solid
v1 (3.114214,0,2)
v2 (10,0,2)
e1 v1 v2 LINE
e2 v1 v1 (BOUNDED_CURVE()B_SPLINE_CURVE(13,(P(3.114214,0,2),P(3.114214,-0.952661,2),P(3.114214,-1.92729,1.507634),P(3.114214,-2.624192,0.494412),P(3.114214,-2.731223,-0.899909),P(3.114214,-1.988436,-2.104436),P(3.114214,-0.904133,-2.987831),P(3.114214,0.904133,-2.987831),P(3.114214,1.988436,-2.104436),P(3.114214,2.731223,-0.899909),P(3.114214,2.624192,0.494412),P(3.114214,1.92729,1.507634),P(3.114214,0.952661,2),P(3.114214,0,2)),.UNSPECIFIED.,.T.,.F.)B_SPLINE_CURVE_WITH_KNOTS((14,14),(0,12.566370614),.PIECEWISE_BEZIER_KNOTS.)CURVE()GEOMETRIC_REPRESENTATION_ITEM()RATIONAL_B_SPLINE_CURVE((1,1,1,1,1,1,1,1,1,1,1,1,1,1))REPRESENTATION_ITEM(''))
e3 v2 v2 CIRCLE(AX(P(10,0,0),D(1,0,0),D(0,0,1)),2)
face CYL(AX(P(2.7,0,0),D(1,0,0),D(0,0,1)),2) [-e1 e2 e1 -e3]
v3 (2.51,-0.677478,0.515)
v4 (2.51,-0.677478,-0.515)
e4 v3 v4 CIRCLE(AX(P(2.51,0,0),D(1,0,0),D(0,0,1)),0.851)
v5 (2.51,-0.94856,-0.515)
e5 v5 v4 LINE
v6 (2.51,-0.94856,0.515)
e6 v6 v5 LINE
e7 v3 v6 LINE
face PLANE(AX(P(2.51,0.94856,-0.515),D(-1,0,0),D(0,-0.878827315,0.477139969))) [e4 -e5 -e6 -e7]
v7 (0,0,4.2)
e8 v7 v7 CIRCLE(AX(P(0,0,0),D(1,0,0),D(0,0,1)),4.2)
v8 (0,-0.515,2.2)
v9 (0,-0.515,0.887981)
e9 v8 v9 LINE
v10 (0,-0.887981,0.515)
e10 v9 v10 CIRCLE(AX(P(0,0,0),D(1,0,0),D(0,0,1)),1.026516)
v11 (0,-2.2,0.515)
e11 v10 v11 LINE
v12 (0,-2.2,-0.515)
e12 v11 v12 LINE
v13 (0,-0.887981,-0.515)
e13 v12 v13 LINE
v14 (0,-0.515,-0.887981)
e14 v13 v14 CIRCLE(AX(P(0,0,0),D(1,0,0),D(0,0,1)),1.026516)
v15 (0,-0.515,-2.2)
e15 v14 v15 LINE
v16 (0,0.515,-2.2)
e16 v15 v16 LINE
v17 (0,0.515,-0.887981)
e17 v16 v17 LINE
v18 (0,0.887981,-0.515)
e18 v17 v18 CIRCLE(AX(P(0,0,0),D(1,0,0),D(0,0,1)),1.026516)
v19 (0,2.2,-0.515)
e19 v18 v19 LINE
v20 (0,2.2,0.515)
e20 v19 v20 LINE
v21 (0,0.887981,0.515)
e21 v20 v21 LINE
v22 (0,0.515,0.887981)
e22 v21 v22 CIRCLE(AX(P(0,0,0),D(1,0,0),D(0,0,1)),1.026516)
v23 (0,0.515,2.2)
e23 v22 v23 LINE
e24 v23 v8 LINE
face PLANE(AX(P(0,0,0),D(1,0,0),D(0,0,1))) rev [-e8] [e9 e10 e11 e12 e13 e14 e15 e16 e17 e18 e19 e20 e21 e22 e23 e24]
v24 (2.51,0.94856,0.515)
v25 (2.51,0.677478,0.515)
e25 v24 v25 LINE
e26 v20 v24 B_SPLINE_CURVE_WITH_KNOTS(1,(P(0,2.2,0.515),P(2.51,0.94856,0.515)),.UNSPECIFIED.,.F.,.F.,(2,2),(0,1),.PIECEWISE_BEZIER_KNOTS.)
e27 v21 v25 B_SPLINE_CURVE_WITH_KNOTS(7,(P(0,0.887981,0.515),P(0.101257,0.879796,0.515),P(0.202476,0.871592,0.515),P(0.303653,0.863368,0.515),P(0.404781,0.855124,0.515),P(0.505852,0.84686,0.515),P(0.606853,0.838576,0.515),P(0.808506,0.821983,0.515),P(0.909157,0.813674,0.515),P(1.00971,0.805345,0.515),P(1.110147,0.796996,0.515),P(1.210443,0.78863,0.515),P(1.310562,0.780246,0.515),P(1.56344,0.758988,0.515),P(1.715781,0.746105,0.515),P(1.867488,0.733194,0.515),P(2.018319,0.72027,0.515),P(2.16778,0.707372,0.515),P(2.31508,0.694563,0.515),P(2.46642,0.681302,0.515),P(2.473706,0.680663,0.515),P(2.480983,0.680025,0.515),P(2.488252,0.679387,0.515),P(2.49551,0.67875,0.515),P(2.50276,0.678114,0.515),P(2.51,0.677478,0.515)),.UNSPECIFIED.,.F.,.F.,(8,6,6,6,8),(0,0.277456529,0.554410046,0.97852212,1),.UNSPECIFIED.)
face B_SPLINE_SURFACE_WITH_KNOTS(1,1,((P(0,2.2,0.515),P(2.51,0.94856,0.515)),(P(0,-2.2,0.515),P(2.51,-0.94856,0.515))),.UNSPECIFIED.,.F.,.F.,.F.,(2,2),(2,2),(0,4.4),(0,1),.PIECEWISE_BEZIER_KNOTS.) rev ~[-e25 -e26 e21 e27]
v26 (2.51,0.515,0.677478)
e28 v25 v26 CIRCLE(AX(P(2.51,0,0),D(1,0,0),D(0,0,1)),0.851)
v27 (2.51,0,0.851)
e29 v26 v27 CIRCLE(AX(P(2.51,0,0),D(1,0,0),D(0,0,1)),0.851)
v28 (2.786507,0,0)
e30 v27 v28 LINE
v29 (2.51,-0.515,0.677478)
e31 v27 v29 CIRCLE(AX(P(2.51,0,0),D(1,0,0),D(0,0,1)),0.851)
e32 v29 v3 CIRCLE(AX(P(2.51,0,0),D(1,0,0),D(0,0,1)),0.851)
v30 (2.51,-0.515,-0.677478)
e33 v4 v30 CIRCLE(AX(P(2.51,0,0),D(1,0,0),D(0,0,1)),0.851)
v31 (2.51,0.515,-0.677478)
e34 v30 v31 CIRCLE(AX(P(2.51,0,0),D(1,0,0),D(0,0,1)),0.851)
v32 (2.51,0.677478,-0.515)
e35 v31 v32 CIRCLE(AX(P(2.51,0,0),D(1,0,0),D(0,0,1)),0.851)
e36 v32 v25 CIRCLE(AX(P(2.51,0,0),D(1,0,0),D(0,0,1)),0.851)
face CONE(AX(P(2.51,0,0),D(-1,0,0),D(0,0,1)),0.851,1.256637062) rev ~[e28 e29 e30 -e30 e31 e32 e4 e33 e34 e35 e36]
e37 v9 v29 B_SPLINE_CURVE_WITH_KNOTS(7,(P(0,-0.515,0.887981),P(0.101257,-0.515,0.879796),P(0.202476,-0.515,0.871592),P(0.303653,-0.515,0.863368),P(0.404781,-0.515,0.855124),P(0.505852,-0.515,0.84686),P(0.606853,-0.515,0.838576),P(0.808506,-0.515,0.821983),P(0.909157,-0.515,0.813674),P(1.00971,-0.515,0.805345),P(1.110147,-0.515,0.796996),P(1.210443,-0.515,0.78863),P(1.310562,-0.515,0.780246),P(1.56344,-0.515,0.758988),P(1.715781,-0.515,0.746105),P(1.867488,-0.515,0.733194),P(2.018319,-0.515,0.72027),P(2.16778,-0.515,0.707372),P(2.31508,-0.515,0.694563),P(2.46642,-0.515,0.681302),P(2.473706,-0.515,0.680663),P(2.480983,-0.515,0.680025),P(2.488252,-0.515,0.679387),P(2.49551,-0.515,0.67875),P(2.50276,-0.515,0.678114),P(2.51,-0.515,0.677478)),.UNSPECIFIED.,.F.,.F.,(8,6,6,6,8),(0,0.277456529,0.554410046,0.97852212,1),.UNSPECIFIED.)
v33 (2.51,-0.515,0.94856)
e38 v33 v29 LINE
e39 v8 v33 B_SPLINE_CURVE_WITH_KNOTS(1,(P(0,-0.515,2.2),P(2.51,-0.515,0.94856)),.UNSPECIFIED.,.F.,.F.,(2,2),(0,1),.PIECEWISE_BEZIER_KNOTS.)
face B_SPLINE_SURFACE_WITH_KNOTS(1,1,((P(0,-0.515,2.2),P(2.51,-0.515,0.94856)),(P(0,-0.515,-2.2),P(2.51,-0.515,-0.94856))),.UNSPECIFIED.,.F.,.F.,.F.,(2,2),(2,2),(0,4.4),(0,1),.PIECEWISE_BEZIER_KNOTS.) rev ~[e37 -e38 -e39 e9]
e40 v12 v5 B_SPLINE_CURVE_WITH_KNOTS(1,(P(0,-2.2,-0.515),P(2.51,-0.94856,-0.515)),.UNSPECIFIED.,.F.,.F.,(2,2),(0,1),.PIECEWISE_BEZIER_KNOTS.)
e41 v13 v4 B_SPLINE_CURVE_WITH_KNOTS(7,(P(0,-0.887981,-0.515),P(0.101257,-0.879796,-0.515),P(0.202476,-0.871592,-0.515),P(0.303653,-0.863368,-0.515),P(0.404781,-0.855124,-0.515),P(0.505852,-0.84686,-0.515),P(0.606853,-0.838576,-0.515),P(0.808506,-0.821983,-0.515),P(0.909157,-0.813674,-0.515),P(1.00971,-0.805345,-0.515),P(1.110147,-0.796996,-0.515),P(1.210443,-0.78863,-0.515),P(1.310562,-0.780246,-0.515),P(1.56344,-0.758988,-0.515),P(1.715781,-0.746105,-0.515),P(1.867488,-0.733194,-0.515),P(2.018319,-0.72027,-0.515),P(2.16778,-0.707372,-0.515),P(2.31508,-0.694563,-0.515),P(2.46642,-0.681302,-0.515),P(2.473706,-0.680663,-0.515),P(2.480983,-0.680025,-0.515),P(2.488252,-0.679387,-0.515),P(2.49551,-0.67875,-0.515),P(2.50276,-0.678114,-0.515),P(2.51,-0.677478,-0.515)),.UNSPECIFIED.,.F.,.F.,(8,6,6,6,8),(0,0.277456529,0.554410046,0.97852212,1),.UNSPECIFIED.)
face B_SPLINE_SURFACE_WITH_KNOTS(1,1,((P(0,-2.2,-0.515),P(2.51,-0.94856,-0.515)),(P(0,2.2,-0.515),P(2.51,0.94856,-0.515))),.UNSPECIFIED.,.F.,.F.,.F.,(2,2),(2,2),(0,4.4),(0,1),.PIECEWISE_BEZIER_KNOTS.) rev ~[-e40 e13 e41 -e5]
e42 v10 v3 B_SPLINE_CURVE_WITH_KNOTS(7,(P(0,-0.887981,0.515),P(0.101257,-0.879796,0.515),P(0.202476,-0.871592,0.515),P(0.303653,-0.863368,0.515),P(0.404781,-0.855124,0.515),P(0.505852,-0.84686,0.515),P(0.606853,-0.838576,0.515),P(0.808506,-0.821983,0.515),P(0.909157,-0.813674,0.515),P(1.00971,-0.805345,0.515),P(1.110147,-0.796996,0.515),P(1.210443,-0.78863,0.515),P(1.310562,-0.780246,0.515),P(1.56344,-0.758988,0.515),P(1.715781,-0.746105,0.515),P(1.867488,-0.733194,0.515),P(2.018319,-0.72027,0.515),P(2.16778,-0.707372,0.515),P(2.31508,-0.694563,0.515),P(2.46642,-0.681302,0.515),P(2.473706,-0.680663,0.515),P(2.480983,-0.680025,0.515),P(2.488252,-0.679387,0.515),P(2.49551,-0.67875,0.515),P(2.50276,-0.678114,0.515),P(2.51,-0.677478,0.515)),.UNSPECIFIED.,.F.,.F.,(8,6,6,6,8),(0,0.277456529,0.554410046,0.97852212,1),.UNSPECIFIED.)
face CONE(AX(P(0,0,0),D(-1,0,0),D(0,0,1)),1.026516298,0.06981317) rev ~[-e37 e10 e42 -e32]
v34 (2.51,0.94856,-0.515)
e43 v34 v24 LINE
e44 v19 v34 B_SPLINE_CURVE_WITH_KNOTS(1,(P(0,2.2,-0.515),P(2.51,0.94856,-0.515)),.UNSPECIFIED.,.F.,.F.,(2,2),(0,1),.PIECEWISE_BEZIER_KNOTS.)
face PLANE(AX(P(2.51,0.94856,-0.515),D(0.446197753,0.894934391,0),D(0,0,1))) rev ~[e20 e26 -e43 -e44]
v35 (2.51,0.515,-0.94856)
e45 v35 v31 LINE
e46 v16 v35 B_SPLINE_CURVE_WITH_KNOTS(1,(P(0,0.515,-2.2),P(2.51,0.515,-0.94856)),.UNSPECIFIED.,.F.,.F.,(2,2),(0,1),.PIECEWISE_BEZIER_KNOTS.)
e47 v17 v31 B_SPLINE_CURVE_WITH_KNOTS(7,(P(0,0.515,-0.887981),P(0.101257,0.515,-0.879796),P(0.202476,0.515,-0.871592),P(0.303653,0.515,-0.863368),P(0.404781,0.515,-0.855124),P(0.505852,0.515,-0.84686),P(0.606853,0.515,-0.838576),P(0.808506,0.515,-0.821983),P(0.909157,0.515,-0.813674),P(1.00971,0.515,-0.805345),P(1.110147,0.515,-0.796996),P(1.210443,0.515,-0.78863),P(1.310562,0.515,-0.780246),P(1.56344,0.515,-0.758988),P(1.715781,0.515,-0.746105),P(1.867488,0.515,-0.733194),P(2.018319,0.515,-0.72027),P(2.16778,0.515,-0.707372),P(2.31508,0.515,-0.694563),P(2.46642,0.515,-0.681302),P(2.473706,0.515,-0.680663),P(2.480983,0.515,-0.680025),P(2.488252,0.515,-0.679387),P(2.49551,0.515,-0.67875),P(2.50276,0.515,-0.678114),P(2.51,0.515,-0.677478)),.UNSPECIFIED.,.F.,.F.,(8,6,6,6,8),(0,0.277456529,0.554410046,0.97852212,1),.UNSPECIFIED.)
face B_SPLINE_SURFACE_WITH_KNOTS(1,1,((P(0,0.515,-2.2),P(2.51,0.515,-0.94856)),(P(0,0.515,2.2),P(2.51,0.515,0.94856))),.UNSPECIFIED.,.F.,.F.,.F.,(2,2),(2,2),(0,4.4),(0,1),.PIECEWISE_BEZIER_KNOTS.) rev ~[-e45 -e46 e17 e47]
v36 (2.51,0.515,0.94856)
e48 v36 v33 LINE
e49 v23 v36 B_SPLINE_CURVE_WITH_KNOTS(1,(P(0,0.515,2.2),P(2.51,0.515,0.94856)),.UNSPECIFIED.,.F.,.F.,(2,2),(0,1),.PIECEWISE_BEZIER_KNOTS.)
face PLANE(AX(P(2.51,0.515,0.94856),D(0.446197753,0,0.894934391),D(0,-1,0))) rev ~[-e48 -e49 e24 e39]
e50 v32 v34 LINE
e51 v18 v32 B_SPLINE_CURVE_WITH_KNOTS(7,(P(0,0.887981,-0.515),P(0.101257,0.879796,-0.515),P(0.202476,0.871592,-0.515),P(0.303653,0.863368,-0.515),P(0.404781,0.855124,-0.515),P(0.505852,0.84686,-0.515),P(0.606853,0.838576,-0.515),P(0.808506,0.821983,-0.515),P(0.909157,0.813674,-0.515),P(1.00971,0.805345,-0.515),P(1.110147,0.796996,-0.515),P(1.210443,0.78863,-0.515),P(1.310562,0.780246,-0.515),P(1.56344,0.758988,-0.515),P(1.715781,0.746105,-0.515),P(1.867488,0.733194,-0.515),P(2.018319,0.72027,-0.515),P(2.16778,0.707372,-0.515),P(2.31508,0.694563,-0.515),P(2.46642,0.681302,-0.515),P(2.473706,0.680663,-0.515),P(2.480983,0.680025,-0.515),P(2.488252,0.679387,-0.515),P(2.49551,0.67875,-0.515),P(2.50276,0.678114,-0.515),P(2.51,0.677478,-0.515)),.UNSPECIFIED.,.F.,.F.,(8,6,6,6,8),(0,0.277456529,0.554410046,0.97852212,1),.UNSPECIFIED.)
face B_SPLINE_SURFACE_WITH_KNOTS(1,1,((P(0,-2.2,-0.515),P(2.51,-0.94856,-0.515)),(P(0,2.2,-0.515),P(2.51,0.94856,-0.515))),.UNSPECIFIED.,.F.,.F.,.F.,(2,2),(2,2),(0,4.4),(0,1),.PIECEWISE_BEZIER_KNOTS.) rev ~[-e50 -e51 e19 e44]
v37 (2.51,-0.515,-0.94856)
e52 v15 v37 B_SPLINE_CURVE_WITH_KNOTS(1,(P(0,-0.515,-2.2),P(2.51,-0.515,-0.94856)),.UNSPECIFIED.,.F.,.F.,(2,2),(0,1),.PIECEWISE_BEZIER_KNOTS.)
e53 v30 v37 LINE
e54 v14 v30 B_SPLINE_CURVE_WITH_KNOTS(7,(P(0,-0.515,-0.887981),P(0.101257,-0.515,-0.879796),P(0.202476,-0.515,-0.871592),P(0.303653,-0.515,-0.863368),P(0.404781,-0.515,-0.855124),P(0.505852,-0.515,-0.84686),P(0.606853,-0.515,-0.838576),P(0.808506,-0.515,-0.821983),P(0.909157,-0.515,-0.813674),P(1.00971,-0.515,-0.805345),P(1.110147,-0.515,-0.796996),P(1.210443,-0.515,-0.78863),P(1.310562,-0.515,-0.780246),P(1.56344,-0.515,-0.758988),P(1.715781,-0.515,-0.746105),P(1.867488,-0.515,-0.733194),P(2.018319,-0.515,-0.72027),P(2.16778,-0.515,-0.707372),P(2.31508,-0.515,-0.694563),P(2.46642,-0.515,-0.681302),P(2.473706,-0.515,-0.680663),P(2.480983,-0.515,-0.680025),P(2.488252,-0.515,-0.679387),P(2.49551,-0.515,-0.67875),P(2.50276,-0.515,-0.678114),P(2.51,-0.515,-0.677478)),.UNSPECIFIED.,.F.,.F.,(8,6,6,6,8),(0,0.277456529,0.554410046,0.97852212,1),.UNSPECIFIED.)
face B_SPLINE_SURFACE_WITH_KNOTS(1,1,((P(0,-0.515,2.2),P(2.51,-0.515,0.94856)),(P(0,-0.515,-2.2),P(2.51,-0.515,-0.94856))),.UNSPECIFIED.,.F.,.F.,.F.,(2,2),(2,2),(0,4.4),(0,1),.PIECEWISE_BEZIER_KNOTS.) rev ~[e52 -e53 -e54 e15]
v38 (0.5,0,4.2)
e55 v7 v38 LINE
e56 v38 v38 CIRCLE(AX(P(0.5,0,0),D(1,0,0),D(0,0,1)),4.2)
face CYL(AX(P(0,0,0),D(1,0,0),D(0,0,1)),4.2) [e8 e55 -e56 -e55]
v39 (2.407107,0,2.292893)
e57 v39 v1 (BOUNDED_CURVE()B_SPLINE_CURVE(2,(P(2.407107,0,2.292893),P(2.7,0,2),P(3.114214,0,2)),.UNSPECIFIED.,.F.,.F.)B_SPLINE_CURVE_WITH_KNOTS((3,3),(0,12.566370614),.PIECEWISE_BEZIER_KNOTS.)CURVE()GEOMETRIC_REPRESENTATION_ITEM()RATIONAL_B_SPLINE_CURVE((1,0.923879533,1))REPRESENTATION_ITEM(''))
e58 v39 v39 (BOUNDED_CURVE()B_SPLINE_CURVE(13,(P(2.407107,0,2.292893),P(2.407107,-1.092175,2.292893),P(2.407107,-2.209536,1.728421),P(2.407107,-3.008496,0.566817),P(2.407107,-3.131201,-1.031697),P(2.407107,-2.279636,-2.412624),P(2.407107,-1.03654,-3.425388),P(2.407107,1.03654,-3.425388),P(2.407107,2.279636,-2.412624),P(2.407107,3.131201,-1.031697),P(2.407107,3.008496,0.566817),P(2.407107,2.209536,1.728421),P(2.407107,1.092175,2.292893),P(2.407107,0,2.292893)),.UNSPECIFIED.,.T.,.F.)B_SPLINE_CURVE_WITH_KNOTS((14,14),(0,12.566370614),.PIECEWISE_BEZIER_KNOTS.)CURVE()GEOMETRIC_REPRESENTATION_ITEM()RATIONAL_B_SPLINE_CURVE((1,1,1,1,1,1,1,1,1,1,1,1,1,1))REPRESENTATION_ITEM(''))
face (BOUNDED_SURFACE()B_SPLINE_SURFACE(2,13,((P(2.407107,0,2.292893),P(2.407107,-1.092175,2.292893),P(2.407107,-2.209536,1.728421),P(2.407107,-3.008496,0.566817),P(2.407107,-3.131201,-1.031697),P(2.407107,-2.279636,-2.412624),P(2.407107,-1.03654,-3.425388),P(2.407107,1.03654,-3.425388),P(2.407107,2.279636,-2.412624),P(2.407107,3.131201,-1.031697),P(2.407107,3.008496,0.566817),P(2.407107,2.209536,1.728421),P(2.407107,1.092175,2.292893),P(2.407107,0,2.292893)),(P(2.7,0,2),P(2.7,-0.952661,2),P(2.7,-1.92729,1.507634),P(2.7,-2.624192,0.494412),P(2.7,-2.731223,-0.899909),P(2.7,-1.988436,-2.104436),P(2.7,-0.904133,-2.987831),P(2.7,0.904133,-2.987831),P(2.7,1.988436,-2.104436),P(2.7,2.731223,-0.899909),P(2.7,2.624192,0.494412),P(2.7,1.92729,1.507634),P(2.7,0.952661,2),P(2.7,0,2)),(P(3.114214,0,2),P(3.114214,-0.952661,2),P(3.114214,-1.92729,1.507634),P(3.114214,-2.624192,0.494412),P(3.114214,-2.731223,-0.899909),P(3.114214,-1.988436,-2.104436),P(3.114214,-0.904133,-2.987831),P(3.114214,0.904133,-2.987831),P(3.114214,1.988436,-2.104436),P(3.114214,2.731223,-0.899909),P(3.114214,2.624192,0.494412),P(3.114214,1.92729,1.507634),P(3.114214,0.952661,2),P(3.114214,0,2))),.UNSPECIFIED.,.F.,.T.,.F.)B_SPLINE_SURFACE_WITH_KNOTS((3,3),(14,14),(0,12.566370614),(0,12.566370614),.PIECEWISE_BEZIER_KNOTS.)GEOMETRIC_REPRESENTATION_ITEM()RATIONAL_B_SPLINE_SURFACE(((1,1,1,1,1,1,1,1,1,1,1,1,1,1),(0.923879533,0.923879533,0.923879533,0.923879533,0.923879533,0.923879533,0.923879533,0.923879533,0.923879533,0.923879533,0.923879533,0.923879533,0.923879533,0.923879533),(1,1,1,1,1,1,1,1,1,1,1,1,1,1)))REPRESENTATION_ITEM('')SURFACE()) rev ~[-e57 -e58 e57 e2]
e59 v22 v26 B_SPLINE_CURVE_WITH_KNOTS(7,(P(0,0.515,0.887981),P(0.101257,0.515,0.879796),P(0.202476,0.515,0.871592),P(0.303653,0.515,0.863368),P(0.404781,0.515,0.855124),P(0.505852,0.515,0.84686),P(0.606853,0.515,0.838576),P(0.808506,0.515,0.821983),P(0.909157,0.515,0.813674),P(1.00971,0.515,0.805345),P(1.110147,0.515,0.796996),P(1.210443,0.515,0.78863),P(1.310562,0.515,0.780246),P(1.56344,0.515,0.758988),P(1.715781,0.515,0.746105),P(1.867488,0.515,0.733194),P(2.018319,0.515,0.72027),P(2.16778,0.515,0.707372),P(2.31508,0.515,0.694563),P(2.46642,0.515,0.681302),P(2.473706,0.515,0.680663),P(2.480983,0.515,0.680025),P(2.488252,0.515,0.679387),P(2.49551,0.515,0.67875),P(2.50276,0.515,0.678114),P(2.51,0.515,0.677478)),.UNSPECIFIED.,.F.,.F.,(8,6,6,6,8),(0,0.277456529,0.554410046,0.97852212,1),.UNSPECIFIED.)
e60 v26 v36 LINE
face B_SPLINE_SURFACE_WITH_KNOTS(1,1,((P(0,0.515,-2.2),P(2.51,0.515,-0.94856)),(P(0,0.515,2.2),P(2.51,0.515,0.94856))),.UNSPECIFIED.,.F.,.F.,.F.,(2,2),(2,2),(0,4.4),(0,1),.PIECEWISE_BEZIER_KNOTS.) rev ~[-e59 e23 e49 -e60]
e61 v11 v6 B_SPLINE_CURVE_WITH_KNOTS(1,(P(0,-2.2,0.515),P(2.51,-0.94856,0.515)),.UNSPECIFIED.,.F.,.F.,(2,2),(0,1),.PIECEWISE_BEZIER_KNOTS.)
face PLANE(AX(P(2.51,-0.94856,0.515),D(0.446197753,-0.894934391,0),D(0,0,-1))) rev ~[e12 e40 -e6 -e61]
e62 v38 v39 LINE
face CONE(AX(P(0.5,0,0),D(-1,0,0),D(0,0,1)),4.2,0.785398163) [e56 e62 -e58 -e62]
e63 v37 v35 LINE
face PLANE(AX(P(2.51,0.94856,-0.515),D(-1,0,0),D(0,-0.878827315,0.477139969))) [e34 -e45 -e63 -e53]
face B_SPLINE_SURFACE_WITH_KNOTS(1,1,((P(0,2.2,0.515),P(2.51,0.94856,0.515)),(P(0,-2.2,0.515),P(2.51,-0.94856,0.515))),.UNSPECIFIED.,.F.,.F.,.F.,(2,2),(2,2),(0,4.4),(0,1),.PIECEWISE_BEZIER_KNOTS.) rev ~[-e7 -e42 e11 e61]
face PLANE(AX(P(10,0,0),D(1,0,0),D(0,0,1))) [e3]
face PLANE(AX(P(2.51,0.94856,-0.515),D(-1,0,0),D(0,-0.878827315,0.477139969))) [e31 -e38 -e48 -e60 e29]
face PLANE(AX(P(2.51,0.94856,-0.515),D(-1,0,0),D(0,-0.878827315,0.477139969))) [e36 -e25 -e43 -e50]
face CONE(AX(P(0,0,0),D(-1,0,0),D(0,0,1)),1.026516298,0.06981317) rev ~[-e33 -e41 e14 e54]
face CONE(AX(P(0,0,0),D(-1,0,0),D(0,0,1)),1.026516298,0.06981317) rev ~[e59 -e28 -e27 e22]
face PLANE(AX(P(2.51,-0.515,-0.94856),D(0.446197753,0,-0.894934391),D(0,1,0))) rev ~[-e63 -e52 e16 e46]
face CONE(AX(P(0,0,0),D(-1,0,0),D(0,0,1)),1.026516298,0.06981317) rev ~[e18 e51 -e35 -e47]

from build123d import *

# Parameters (mm, degrees)
FILLET1_R    = 1
RECPAT_COUNT = 2
RECPAT_ANGLE = 90


with BuildPart() as part:
    # BodySke → Base-Revolve (revolve)
    with BuildSketch(Plane.XY, mode=Mode.PRIVATE) as base_revolve_sk:
        Polygon((0, 0), (0, 4.2), (0.5, 4.2), (2.7, 2), (10, 2), (10, 0), align=None)
    revolve(base_revolve_sk.sketch.rotate(Axis((-6.35, 0, 0), (1, 0, 0)), 90), axis=Axis((-6.35, 0, 0), (1, 0, 0)))

    # Fillet1
    fillet1_edges = [part.edges().sort_by_distance(p)[0] for p in [
        (2.7, 0, -2),
    ]]
    fillet(fillet1_edges, radius=FILLET1_R)

    # Sketch3 → Recess section 0
    with BuildSketch(Plane.ZY):
        with BuildLine():
            Line((-0.515, 2.2), (0.515, 2.2))
            Line((0.515, 2.2), (0.515, -2.2))
            Line((0.515, -2.2), (-0.515, -2.2))
            Line((-0.515, -2.2), (-0.515, 2.2))
        make_face()
    # Sketch4 → Recess section 1
    with BuildSketch(Plane.ZY.offset(-2.51)):
        with BuildLine():
            Line((-0.515, 0.948560373), (0.515, 0.948560373))
            Line((0.515, 0.948560373), (0.515, -0.948560373))
            Line((0.515, -0.948560373), (-0.515, -0.948560373))
            Line((-0.515, -0.948560373), (-0.515, 0.948560373))
        make_face()
    recess = loft(mode=Mode.SUBTRACT)

    # RecPat: Recess ×2 about axis
    recpat_axis = Axis((0, 0, 0), (1, 0, 0))
    for i in range(1, RECPAT_COUNT):
        add(recess.rotate(recpat_axis, i * RECPAT_ANGLE / (RECPAT_COUNT - 1)), mode=Mode.SUBTRACT)

    # RecCorSke → RecessCore (revolve, cut)
    with BuildSketch(Plane.XY, mode=Mode.PRIVATE) as recesscore_sk:
        Polygon((0, 0), (0, 1.026516298), (2.51, 0.851), (2.786506661, 0), align=None)
    revolve(recesscore_sk.sketch.rotate(Axis((-3.175, 0, 0), (1, 0, 0)), 90), axis=Axis((-3.175, 0, 0), (1, 0, 0)), mode=Mode.SUBTRACT)


solid = part.part
